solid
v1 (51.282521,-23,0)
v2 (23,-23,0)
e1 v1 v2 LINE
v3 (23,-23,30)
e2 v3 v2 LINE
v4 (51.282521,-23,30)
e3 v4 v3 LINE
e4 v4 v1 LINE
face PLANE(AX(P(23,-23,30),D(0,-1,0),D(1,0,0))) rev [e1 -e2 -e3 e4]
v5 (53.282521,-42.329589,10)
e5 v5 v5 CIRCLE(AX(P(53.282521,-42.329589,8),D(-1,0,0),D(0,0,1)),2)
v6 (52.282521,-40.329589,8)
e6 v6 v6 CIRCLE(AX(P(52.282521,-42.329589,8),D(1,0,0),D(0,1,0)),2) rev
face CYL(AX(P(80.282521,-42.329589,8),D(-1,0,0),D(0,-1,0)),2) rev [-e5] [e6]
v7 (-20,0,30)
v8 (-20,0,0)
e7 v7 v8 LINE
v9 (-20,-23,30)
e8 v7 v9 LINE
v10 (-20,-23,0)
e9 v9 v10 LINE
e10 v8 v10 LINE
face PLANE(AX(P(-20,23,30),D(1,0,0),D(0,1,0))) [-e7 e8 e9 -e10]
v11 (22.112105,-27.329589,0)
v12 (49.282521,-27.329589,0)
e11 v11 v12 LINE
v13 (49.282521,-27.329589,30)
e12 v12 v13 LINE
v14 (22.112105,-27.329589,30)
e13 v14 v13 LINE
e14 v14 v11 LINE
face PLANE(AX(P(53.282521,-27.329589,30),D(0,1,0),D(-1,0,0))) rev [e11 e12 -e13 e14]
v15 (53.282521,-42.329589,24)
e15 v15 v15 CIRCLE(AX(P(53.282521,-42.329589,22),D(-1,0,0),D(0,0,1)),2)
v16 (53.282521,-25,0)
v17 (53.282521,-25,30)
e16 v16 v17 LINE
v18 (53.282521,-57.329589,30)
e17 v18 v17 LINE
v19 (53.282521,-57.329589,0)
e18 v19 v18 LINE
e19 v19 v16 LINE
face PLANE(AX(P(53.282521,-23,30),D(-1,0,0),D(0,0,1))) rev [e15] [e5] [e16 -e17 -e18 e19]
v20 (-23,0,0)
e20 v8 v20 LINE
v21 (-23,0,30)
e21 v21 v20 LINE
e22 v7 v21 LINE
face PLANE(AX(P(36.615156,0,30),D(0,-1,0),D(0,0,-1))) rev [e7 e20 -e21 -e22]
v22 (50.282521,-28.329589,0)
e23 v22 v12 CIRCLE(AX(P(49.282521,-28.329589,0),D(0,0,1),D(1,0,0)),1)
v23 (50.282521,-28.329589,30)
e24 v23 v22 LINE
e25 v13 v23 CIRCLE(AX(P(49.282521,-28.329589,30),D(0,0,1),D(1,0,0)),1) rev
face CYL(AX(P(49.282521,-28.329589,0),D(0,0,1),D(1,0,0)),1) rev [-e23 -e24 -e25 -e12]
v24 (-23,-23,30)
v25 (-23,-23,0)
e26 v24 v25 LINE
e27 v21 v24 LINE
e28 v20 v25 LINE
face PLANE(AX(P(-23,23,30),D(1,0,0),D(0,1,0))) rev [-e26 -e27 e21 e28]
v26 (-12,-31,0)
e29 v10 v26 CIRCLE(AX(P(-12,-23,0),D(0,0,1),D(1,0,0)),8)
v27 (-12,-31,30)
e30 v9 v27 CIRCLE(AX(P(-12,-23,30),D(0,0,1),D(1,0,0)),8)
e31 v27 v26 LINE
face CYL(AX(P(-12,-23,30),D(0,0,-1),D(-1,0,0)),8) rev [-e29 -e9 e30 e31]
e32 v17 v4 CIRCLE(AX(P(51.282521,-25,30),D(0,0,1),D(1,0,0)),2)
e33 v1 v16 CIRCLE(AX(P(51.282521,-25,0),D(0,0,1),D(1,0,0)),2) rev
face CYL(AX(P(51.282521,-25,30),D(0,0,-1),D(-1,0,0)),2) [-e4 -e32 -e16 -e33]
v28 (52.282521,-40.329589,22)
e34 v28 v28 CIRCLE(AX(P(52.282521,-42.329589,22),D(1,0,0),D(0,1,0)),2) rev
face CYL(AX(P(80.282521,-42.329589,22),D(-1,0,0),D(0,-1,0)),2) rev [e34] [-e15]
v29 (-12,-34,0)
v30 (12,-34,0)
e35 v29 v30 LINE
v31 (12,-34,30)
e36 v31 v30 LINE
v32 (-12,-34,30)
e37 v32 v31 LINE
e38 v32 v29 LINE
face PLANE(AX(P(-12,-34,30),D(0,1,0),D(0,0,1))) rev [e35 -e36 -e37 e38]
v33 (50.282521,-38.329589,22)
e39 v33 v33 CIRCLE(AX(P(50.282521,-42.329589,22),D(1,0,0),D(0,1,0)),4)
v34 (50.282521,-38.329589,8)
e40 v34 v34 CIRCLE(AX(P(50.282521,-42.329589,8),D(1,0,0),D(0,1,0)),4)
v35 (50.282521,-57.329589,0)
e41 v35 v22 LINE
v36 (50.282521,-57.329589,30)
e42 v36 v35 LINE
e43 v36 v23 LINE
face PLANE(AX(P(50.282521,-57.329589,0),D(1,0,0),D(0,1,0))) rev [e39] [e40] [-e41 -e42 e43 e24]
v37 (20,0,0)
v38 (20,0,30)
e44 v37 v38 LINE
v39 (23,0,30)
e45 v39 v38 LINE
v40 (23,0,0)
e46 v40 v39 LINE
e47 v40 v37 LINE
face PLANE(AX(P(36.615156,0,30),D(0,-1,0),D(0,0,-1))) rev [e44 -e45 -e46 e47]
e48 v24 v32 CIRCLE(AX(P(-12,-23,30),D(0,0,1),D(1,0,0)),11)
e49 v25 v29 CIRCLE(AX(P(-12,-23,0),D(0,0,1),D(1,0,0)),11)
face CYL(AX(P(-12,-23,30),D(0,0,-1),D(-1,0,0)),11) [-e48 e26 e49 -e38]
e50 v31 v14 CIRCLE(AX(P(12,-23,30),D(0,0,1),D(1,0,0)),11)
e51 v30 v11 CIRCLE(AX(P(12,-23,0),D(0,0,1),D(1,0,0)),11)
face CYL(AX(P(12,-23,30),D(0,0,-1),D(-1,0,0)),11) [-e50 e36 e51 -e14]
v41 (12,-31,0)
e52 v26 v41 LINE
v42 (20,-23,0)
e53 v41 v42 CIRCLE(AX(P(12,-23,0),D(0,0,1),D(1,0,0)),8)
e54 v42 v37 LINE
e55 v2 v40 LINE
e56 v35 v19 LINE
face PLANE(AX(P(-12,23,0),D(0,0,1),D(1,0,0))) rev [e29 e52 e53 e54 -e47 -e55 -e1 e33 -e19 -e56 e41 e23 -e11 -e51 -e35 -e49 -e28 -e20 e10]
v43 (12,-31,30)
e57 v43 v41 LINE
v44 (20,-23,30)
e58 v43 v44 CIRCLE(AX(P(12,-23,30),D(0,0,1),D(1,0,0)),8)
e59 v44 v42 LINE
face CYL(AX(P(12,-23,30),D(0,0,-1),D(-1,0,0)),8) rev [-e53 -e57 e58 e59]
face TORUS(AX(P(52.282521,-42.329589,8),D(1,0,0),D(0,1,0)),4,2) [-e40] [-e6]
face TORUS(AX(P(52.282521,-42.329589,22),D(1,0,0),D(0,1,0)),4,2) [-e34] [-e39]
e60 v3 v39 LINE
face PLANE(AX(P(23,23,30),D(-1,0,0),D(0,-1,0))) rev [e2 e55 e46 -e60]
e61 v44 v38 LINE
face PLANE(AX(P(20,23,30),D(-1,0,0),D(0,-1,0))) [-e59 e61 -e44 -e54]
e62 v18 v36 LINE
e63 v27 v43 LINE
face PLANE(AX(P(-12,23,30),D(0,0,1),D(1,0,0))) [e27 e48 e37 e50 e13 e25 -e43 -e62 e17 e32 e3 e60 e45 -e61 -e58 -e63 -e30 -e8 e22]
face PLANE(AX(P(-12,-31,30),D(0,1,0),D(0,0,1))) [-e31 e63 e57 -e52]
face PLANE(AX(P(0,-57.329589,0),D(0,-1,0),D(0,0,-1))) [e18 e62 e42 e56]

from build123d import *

# Parameters (mm, degrees)
BOSS_EXTRUDE1_DEPTH = 30
BOSS_EXTRUDE2_DEPTH = 30
SKETCH3_W           = 3
SKETCH3_H           = 30
BOSS_EXTRUDE3_DEPTH = 30
FILLET1_R           = 1
FILLET2_R           = 2
SKETCH4_R           = 2
CUT_EXTRUDE1_DEPTH  = 30
FILLET3_R           = 2
SKETCH6_W           = 80.718838425
SKETCH6_H           = 35.980410733
CUT_EXTRUDE2_DEPTH  = 84.819501439


with BuildPart() as part:
    # Sketch1 → Boss-Extrude1 (new body)
    with BuildSketch(Plane.XY):
        with BuildLine():
            Line((-12, 34), (12, 34))
            ThreePointArc((12, 34), (19.778174593, 30.778174593), (23, 23))
            Line((23, 23), (23, -23))
            ThreePointArc((23, -23), (19.778174593, -30.778174593), (12, -34))
            Line((12, -34), (-12, -34))
            ThreePointArc((-12, -34), (-19.778174593, -30.778174593), (-23, -23))
            Line((-23, -23), (-23, 23))
            ThreePointArc((-23, 23), (-19.778174593, 30.778174593), (-12, 34))
        make_face()
        with BuildLine():
            Line((-12, 31), (12, 31))
            ThreePointArc((12, 31), (17.656854249, 28.656854249), (20, 23))
            Line((20, 23), (20, -23))
            ThreePointArc((20, -23), (17.656854249, -28.656854249), (12, -31))
            Line((12, -31), (-12, -31))
            ThreePointArc((-12, -31), (-17.656854249, -28.656854249), (-20, -23))
            Line((-20, -23), (-20, 23))
            ThreePointArc((-20, 23), (-17.656854249, 28.656854249), (-12, 31))
        make_face(mode=Mode.SUBTRACT)
    extrude(amount=BOSS_EXTRUDE1_DEPTH)

    # Sketch2 → Boss-Extrude2 (add)
    with BuildSketch(Plane.XY):
        with BuildLine():
            Line((23, -23), (53.282521301, -23))
            Line((53.282521301, -23), (53.282521301, -27.329588742))
            Line((53.282521301, -27.329588742), (22.112104693, -27.329588742))
            ThreePointArc((22.112104693, -27.329588742), (22.775740151, -25.209847096), (23, -23))
        make_face()
    extrude(amount=BOSS_EXTRUDE2_DEPTH)

    # Sketch3 → Boss-Extrude3 (add)
    with BuildSketch(Plane.XZ.offset(27.329588742)):
        with Locations((51.782521301, 15)):
            Rectangle(SKETCH3_W, SKETCH3_H)
    extrude(amount=BOSS_EXTRUDE3_DEPTH)

    # Fillet1
    fillet1_edges = [part.edges().sort_by_distance(p)[0] for p in [
        (50.282521301, -27.329588742, 15),
    ]]
    fillet(fillet1_edges, radius=FILLET1_R)

    # Fillet2
    fillet2_edges = [part.edges().sort_by_distance(p)[0] for p in [
        (53.282521301, -23, 15),
    ]]
    fillet(fillet2_edges, radius=FILLET2_R)

    # Sketch4 → Cut-Extrude1 (cut)
    with BuildSketch(Plane.ZY.offset(-50.282521301)):
        with Locations(Location((22, -42.329588742, 0), (0, 0, 270))):
            Circle(SKETCH4_R)
        with Locations(Location((8, -42.329588742, 0), (0, 0, 270))):
            Circle(SKETCH4_R)
    extrude(amount=-CUT_EXTRUDE1_DEPTH, mode=Mode.SUBTRACT)

    # Fillet3
    fillet3_edges = [part.edges().sort_by_distance(p)[0] for p in [
        (50.282521301, -40.329588742, 22),
        (50.282521301, -40.329588742, 8),
    ]]
    fillet(fillet3_edges, radius=FILLET3_R)

    # Sketch6 → Cut-Extrude2 (cut, through all)
    with BuildSketch(Plane(origin=(0, 0, 0), x_dir=(-1, 0, 0), z_dir=(0, 0, -1))):
        with Locations((3.744263304, 17.990205366)):
            Rectangle(SKETCH6_W, SKETCH6_H)
    extrude(amount=-CUT_EXTRUDE2_DEPTH, mode=Mode.SUBTRACT)


solid = part.part
